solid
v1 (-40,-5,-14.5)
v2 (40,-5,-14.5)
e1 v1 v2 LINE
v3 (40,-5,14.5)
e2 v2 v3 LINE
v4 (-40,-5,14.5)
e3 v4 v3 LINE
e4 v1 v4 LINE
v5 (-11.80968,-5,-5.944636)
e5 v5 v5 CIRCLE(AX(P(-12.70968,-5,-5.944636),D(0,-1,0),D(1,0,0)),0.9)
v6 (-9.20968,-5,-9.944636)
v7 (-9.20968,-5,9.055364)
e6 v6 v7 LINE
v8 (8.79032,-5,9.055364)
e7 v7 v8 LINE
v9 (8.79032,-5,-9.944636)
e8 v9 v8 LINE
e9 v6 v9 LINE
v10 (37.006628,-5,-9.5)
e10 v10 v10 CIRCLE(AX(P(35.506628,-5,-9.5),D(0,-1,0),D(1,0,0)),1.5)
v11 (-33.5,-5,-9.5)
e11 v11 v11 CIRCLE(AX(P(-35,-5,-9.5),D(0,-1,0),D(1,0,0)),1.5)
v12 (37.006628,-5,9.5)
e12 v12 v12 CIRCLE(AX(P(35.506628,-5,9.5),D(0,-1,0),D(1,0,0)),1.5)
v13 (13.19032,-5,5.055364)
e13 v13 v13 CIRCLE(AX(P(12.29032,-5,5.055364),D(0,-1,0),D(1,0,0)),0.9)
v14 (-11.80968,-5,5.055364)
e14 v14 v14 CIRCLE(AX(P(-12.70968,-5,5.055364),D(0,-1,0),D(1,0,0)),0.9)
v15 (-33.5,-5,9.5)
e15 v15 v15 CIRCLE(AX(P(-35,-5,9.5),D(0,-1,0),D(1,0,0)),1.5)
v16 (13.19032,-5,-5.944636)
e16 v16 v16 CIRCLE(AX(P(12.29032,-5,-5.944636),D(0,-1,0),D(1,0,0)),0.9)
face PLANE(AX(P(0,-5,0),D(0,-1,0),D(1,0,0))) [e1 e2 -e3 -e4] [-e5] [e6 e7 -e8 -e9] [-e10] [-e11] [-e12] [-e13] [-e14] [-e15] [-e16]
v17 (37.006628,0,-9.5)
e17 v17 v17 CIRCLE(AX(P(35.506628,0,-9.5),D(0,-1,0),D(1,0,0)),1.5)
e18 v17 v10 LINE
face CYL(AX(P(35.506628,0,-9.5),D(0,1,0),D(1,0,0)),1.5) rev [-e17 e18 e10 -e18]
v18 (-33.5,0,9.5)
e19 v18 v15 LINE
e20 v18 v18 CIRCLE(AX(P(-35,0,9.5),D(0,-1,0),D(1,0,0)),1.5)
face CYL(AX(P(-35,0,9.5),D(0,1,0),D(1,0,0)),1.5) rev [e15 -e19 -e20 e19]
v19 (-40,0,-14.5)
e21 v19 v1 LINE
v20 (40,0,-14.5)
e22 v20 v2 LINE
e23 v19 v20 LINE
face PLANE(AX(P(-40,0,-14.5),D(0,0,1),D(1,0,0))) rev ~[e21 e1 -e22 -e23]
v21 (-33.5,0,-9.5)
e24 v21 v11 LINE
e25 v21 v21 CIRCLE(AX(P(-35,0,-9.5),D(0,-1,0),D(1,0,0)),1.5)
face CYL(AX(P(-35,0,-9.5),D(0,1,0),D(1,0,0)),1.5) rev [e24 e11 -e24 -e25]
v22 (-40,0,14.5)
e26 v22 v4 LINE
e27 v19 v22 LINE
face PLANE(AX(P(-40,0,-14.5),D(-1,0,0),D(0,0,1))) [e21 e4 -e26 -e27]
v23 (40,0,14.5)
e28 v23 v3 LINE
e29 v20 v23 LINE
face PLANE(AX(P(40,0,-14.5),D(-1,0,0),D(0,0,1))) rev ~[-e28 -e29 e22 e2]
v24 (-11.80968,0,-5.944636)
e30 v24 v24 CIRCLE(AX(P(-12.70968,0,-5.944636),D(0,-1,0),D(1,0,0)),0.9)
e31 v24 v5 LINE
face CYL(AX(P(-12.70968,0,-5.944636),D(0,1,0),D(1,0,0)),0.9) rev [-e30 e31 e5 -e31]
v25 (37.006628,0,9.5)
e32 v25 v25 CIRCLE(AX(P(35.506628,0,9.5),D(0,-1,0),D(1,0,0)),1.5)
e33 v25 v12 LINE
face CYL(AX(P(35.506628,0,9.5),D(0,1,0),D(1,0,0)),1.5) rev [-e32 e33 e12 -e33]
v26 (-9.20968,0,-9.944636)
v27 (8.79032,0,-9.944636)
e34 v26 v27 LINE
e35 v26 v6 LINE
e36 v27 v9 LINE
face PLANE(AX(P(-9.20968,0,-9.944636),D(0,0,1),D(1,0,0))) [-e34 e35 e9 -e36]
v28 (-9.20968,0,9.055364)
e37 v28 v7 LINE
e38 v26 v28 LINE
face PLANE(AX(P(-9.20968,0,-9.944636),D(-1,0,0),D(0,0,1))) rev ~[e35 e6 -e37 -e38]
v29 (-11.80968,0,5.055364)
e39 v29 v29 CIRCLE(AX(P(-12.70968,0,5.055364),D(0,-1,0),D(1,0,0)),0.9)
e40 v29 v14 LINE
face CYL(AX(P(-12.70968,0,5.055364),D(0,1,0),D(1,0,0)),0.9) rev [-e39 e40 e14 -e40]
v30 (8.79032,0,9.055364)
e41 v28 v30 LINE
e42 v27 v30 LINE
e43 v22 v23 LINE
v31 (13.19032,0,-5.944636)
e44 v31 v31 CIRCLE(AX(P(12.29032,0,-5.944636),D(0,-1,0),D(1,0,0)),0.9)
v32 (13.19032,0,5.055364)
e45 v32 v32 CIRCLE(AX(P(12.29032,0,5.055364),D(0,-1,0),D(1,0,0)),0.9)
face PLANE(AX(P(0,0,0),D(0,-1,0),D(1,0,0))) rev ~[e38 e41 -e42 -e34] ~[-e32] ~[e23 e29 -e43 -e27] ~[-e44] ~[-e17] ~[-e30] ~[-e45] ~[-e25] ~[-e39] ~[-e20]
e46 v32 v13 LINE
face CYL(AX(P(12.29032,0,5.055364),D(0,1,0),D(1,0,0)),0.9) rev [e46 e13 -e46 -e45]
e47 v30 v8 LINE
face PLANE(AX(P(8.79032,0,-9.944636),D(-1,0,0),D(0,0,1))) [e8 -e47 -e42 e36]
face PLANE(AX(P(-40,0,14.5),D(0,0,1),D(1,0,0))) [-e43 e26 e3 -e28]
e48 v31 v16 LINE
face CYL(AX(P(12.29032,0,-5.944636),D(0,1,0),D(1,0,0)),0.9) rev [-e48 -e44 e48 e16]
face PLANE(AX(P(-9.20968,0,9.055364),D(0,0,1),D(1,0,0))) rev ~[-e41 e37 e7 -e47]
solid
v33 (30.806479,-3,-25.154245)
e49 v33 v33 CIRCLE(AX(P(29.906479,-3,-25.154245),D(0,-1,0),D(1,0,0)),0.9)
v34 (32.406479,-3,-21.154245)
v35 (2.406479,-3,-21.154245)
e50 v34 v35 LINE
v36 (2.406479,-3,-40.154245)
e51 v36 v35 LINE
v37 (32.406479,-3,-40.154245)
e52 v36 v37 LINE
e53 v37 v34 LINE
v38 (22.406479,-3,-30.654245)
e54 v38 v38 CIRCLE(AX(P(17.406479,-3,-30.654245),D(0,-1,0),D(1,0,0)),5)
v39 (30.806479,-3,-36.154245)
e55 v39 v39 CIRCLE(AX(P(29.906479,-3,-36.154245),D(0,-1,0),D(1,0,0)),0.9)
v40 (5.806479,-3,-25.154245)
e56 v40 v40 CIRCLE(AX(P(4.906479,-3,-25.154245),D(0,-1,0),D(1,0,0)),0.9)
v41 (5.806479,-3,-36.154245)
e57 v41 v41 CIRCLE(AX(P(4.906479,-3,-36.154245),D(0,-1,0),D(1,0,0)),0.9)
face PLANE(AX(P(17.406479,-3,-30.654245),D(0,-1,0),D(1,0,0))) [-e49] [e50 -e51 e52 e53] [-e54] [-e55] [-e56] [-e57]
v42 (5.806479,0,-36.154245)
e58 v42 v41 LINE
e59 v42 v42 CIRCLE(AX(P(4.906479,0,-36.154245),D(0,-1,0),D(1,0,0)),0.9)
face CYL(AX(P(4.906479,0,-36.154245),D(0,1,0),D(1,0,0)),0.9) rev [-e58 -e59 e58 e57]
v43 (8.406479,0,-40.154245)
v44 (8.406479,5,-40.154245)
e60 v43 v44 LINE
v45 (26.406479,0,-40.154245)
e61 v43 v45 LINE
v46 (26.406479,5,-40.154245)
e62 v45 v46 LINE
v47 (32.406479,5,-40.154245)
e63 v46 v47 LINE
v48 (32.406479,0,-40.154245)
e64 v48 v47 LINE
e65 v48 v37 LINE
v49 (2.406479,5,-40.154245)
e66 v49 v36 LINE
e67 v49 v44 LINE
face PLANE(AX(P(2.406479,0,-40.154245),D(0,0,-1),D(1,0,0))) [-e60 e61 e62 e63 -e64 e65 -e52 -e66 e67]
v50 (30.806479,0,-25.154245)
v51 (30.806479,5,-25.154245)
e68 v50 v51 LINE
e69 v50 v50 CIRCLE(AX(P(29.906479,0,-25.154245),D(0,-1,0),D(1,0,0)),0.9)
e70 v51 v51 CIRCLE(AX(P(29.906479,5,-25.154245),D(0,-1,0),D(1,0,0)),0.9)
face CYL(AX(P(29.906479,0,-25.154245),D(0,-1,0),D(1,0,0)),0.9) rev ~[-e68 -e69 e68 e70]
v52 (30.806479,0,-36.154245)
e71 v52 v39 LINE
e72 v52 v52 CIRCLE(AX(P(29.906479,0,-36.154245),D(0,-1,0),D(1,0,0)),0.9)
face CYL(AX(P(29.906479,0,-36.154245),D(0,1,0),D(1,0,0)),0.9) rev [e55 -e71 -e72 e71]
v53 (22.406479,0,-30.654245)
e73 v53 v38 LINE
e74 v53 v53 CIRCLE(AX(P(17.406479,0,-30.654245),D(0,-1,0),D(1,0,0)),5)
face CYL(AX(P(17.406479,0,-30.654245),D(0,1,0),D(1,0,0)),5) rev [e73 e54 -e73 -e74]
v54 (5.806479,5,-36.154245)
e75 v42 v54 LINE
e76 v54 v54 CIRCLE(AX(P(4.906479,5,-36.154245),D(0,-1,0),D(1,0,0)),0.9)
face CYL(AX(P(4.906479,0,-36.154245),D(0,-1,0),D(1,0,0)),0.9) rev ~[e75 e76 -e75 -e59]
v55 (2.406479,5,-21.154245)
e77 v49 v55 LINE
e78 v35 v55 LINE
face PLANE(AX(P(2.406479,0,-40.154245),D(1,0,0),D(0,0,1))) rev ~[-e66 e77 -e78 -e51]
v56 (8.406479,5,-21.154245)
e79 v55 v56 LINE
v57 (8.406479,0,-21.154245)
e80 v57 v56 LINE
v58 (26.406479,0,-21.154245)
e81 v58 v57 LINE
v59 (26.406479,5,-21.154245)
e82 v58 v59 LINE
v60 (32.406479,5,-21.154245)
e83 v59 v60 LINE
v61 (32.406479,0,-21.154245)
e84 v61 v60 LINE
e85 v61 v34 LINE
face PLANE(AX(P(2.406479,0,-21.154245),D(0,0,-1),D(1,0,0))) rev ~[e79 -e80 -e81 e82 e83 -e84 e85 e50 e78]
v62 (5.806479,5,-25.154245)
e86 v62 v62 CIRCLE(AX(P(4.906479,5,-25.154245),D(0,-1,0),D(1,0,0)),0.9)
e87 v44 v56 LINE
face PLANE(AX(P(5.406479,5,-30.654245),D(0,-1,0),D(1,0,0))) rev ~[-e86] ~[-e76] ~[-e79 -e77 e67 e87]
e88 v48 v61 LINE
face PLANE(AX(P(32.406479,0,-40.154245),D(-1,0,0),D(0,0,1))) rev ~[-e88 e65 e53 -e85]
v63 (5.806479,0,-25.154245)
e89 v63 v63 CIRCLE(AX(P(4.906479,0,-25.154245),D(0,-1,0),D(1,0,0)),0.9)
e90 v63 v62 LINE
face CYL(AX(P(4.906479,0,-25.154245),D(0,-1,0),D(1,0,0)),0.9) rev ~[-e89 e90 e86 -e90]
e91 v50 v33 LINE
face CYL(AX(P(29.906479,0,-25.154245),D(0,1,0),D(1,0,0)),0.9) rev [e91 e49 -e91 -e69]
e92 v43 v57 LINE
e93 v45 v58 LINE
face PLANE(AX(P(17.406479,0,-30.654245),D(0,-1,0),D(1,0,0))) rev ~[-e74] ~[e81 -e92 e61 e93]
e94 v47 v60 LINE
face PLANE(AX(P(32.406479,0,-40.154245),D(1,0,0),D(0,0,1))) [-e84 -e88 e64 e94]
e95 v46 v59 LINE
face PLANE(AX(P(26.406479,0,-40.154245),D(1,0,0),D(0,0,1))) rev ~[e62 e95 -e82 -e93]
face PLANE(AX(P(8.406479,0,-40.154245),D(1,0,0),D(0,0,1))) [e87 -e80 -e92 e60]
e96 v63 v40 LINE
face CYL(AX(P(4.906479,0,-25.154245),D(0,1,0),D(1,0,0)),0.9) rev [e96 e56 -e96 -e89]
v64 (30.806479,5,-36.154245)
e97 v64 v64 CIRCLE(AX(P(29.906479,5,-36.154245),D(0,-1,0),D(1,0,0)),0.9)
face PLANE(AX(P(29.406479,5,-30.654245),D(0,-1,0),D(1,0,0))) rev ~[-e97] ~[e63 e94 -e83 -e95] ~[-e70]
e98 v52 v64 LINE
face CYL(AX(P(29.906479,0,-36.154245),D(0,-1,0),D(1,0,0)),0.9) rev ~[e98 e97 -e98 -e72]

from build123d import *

# Parameters (mm, degrees)
F0_W     = 80
F0_H     = 29
F0_R     = 1.5
F0_R_2   = 0.9
F0_W_2   = 18
F0_H_2   = 19
F1_DEPTH = 5
F2_W     = 18
F2_H     = 19
F2_R     = 5
F2_W_2   = 6
F2_R_2   = 0.9
F3_DEPTH = 3
F4_DEPTH = 5


with BuildPart() as f1:
    # F0 (on Front) → F1 (new body)
    with BuildSketch(Plane.XZ):
        Rectangle(F0_W, F0_H)
        with Locations((-35, -9.5)):
            Circle(F0_R, mode=Mode.SUBTRACT)
        with Locations((-12.70968, -5.944636)):
            Circle(F0_R_2, mode=Mode.SUBTRACT)
        with Locations((-0.20968, -0.444636)):
            Rectangle(F0_W_2, F0_H_2, mode=Mode.SUBTRACT)
        with Locations((35.506628, -9.5)):
            Circle(F0_R, mode=Mode.SUBTRACT)
        with Locations((12.29032, -5.944636)):
            Circle(F0_R_2, mode=Mode.SUBTRACT)
        with Locations((-12.70968, 5.055364)):
            Circle(F0_R_2, mode=Mode.SUBTRACT)
        with Locations((-35, 9.5)):
            Circle(F0_R, mode=Mode.SUBTRACT)
        with Locations((12.29032, 5.055364)):
            Circle(F0_R_2, mode=Mode.SUBTRACT)
        with Locations((35.506628, 9.5)):
            Circle(F0_R, mode=Mode.SUBTRACT)
    extrude(amount=F1_DEPTH)


with BuildPart() as f3:
    # F2 (on Front) → F3 (new body)
    with BuildSketch(Plane.XZ):
        with Locations((17.406479, -30.654245)):
            Rectangle(F2_W, F2_H)
        with Locations((17.406479, -30.654245)):
            Circle(F2_R, mode=Mode.SUBTRACT)
        with Locations((5.406479, -30.654245)):
            Rectangle(F2_W_2, F2_H)
        with Locations((4.906479, -36.154245)):
            Circle(F2_R_2, mode=Mode.SUBTRACT)
        with Locations((4.906479, -25.154245)):
            Circle(F2_R_2, mode=Mode.SUBTRACT)
        with Locations((29.406479, -30.654245)):
            Rectangle(F2_W_2, F2_H)
        with Locations((29.906479, -36.154245)):
            Circle(F2_R_2, mode=Mode.SUBTRACT)
        with Locations((29.906479, -25.154245)):
            Circle(F2_R_2, mode=Mode.SUBTRACT)
    extrude(amount=F3_DEPTH)

    # F2 (on Front) → F4 (join)
    with BuildSketch(Plane.XZ):
        with Locations((5.406479, -30.654245)):
            Rectangle(F2_W_2, F2_H)
        with Locations((4.906479, -36.154245)):
            Circle(F2_R_2, mode=Mode.SUBTRACT)
        with Locations((4.906479, -25.154245)):
            Circle(F2_R_2, mode=Mode.SUBTRACT)
        with Locations((29.406479, -30.654245)):
            Rectangle(F2_W_2, F2_H)
        with Locations((29.906479, -36.154245)):
            Circle(F2_R_2, mode=Mode.SUBTRACT)
        with Locations((29.906479, -25.154245)):
            Circle(F2_R_2, mode=Mode.SUBTRACT)
    extrude(amount=-F4_DEPTH)


solid = Compound([f1.part, f3.part])
